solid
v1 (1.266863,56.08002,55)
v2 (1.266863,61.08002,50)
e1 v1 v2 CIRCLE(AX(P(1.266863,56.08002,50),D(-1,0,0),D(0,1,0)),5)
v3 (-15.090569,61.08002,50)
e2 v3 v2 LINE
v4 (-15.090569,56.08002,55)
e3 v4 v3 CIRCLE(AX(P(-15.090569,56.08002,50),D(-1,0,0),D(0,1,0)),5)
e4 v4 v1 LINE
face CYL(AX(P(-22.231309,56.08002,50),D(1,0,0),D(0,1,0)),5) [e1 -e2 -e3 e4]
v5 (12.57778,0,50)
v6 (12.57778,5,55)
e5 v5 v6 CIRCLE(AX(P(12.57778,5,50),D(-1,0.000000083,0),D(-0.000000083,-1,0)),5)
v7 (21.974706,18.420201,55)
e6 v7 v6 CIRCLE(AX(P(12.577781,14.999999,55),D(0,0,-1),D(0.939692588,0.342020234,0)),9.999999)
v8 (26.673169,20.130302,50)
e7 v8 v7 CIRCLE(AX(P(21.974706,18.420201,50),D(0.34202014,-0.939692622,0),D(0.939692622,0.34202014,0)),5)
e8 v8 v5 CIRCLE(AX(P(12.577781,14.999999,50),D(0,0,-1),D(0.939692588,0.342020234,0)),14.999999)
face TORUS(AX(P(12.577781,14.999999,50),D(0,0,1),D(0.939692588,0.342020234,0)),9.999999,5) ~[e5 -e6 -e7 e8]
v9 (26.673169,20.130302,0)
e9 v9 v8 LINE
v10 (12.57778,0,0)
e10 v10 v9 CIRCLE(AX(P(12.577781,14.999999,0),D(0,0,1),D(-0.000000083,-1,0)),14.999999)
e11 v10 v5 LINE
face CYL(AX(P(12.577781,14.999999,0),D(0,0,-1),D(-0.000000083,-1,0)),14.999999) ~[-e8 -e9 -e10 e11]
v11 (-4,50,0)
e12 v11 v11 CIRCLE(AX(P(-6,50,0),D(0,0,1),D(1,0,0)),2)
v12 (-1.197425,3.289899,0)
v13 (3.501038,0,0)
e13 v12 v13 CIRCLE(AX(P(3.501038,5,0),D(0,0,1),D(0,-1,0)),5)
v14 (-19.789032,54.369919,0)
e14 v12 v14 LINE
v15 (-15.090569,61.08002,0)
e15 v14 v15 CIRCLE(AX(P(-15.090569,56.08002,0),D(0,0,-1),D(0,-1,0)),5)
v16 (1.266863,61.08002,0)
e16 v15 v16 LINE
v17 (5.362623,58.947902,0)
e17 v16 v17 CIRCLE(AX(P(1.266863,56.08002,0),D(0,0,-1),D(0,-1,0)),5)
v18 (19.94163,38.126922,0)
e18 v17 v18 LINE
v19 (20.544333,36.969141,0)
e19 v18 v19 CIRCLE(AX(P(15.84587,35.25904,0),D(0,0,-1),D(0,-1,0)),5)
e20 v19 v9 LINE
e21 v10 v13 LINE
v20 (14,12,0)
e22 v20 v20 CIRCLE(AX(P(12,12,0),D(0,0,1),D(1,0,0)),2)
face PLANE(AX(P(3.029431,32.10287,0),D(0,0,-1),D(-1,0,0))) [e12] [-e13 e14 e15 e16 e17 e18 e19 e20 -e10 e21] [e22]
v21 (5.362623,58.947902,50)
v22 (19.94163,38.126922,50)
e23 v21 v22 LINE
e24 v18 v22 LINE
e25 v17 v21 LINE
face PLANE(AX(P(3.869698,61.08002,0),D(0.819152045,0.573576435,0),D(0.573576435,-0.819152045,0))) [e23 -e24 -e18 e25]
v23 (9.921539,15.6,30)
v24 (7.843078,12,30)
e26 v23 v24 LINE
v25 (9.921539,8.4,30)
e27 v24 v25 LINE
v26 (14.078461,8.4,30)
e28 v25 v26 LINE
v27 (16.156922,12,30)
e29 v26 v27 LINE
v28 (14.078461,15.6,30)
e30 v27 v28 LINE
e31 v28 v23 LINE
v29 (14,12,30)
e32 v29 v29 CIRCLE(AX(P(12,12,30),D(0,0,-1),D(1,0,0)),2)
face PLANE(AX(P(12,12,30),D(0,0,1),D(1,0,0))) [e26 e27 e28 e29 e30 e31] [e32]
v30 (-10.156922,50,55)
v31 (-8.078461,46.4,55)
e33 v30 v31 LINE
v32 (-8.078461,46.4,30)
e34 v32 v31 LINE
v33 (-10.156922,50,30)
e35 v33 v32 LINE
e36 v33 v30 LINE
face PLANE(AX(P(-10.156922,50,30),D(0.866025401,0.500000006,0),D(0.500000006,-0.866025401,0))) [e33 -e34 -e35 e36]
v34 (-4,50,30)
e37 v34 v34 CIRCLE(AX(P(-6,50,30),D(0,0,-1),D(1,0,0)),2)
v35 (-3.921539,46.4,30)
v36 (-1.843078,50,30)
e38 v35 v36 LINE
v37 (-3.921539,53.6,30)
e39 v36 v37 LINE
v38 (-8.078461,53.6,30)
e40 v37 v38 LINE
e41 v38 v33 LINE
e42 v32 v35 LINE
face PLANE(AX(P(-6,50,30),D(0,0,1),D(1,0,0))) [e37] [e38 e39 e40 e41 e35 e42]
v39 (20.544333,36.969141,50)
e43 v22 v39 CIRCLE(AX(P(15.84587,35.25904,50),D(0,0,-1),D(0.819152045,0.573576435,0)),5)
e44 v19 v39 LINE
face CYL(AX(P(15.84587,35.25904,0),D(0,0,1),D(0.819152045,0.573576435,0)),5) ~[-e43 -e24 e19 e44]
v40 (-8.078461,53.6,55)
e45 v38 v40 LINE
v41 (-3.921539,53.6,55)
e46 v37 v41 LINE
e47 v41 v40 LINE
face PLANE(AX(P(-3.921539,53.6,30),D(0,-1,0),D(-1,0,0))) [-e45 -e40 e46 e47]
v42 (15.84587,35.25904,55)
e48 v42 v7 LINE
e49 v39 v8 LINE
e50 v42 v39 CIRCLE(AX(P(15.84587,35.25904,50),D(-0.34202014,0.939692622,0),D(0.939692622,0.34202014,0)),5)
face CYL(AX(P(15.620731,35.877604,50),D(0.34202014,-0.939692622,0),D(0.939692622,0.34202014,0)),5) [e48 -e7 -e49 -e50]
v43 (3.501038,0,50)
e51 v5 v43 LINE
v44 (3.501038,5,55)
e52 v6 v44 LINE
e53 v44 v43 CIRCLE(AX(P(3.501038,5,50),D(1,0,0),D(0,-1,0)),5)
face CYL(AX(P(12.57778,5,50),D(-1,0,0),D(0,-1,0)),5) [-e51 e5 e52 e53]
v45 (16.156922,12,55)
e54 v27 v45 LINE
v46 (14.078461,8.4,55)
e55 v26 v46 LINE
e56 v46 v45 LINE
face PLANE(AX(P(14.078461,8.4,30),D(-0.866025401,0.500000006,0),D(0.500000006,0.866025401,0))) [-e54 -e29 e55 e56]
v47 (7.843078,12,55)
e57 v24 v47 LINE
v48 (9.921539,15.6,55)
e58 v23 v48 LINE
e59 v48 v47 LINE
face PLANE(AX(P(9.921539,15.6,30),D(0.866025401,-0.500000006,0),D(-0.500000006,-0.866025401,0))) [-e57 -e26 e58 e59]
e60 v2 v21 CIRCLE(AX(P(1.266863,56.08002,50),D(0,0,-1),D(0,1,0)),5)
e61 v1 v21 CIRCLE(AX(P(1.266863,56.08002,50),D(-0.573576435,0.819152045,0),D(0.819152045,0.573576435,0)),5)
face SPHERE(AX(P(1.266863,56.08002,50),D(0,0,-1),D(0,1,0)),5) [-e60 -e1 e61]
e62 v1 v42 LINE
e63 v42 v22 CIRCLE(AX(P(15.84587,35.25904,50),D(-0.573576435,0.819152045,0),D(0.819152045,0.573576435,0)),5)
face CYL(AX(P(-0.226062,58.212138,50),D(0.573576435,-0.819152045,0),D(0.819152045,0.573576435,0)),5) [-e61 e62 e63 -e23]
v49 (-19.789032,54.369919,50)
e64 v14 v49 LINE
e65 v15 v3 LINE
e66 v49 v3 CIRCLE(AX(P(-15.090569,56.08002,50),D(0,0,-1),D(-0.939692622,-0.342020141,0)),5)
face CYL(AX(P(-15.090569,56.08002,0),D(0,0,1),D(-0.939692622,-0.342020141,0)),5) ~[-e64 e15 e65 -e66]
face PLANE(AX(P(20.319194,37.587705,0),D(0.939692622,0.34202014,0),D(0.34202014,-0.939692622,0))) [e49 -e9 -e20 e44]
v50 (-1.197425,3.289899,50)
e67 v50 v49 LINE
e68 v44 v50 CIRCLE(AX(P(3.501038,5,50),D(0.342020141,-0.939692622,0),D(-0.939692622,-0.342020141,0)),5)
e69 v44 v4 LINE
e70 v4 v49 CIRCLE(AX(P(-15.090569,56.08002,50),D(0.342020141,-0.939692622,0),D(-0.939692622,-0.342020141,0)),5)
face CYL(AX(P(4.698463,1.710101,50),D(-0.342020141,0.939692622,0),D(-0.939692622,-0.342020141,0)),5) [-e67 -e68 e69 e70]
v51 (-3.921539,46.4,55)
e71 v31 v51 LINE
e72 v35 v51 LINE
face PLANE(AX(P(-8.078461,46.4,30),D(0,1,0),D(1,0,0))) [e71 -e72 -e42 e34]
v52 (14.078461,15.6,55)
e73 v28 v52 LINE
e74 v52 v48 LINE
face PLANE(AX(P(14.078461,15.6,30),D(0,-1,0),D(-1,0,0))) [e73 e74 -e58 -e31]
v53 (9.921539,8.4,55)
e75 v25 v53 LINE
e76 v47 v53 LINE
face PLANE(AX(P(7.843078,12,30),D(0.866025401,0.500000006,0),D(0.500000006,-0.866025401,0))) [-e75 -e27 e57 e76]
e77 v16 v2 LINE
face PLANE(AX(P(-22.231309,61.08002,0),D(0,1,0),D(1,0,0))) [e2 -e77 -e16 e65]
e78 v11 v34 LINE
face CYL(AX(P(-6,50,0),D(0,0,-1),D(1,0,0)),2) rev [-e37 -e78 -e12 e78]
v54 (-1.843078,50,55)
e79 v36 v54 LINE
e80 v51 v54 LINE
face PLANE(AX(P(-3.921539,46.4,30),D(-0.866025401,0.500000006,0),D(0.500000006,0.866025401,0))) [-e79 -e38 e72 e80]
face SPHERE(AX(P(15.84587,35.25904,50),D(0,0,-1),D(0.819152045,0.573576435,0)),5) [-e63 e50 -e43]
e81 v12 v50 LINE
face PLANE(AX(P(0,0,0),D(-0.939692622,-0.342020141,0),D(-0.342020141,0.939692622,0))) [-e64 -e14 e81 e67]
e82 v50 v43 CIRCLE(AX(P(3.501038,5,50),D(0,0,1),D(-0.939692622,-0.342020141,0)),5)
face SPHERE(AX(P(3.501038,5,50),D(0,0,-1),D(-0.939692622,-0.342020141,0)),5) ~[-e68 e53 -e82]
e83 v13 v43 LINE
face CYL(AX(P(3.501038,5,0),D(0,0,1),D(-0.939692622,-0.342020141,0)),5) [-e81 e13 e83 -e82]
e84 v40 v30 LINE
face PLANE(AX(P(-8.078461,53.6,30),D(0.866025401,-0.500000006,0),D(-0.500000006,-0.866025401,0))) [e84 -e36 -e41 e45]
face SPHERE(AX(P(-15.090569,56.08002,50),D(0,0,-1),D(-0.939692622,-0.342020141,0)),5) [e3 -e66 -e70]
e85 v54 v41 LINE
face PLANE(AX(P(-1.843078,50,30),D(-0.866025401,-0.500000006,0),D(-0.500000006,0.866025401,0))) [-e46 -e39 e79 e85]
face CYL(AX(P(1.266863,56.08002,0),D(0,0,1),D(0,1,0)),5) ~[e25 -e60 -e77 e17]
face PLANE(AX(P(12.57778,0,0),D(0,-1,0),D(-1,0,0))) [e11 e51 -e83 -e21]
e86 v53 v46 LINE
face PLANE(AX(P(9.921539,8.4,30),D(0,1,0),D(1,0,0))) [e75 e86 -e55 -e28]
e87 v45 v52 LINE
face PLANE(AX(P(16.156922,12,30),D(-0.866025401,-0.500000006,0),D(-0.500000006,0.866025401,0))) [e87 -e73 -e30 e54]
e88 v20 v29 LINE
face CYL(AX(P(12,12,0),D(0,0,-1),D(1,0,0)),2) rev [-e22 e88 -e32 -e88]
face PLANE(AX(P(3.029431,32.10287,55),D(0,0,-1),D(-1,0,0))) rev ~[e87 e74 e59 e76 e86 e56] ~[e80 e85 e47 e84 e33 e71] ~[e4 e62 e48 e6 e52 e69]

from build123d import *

# Parameters (mm, degrees)
PAD001_DEPTH    = 55
FILLET002_R     = 5
SKETCH006_R     = 2
POCKET001_DEPTH = 55.001
POCKET002_START = 30
POCKET002_DEPTH = 70


with BuildPart() as part:
    # Sketch001 → Pad001 (new body)
    with BuildSketch(Plane.XY):
        with BuildLine():
            Line((0, 0), (-22.231309, 61.08002))
            Line((-22.231309, 61.08002), (3.869698, 61.08002))
            Line((3.869698, 61.08002), (20.319194, 37.587705))
            Line((20.319194, 37.587705), (26.673169, 20.130302))
            ThreePointArc((12.57778, 0), (24.865061, 6.396353), (26.673169, 20.130302))
            Line((12.57778, 0), (0, 0))
        make_face()
    extrude(amount=PAD001_DEPTH)

    # Fillet002
    fillet002_edges = [part.edges().sort_by_distance(p)[0] for p in [
        (20.319194, 37.587705, 27.5),
        (0, 0, 27.5),
        (3.869698, 61.08002, 27.5),
        (-22.231309, 61.08002, 27.5),
        (-11.115655, 30.54001, 55),
        (-9.180806, 61.08002, 55),
        (12.094446, 49.333863, 55),
        (23.496182, 28.859003, 55),
        (24.865061, 6.396353, 55),
        (6.28889, 0, 55),
    ]]
    fillet(fillet002_edges, radius=FILLET002_R)

    # Sketch006 → Pocket001 (cut, through all)
    with BuildSketch(Plane.XY):
        with Locations((12, 12)):
            Circle(SKETCH006_R)
        with Locations((-6, 50)):
            Circle(SKETCH006_R)
    extrude(amount=POCKET001_DEPTH, mode=Mode.SUBTRACT)

    # Sketch007 → Pocket002 (cut)
    with BuildSketch(Plane.XY.offset(POCKET002_START)):
        Polygon((14.078461, 15.6), (9.921539, 15.6), (7.843078, 12), (9.921539, 8.4), (14.078461, 8.4), (16.156922, 12), align=None)
        Polygon((-1.843078, 50), (-3.921539, 53.6), (-8.078461, 53.6), (-10.156922, 50), (-8.078461, 46.4), (-3.921539, 46.4), align=None)
    extrude(amount=POCKET002_DEPTH, mode=Mode.SUBTRACT)


solid = part.part
